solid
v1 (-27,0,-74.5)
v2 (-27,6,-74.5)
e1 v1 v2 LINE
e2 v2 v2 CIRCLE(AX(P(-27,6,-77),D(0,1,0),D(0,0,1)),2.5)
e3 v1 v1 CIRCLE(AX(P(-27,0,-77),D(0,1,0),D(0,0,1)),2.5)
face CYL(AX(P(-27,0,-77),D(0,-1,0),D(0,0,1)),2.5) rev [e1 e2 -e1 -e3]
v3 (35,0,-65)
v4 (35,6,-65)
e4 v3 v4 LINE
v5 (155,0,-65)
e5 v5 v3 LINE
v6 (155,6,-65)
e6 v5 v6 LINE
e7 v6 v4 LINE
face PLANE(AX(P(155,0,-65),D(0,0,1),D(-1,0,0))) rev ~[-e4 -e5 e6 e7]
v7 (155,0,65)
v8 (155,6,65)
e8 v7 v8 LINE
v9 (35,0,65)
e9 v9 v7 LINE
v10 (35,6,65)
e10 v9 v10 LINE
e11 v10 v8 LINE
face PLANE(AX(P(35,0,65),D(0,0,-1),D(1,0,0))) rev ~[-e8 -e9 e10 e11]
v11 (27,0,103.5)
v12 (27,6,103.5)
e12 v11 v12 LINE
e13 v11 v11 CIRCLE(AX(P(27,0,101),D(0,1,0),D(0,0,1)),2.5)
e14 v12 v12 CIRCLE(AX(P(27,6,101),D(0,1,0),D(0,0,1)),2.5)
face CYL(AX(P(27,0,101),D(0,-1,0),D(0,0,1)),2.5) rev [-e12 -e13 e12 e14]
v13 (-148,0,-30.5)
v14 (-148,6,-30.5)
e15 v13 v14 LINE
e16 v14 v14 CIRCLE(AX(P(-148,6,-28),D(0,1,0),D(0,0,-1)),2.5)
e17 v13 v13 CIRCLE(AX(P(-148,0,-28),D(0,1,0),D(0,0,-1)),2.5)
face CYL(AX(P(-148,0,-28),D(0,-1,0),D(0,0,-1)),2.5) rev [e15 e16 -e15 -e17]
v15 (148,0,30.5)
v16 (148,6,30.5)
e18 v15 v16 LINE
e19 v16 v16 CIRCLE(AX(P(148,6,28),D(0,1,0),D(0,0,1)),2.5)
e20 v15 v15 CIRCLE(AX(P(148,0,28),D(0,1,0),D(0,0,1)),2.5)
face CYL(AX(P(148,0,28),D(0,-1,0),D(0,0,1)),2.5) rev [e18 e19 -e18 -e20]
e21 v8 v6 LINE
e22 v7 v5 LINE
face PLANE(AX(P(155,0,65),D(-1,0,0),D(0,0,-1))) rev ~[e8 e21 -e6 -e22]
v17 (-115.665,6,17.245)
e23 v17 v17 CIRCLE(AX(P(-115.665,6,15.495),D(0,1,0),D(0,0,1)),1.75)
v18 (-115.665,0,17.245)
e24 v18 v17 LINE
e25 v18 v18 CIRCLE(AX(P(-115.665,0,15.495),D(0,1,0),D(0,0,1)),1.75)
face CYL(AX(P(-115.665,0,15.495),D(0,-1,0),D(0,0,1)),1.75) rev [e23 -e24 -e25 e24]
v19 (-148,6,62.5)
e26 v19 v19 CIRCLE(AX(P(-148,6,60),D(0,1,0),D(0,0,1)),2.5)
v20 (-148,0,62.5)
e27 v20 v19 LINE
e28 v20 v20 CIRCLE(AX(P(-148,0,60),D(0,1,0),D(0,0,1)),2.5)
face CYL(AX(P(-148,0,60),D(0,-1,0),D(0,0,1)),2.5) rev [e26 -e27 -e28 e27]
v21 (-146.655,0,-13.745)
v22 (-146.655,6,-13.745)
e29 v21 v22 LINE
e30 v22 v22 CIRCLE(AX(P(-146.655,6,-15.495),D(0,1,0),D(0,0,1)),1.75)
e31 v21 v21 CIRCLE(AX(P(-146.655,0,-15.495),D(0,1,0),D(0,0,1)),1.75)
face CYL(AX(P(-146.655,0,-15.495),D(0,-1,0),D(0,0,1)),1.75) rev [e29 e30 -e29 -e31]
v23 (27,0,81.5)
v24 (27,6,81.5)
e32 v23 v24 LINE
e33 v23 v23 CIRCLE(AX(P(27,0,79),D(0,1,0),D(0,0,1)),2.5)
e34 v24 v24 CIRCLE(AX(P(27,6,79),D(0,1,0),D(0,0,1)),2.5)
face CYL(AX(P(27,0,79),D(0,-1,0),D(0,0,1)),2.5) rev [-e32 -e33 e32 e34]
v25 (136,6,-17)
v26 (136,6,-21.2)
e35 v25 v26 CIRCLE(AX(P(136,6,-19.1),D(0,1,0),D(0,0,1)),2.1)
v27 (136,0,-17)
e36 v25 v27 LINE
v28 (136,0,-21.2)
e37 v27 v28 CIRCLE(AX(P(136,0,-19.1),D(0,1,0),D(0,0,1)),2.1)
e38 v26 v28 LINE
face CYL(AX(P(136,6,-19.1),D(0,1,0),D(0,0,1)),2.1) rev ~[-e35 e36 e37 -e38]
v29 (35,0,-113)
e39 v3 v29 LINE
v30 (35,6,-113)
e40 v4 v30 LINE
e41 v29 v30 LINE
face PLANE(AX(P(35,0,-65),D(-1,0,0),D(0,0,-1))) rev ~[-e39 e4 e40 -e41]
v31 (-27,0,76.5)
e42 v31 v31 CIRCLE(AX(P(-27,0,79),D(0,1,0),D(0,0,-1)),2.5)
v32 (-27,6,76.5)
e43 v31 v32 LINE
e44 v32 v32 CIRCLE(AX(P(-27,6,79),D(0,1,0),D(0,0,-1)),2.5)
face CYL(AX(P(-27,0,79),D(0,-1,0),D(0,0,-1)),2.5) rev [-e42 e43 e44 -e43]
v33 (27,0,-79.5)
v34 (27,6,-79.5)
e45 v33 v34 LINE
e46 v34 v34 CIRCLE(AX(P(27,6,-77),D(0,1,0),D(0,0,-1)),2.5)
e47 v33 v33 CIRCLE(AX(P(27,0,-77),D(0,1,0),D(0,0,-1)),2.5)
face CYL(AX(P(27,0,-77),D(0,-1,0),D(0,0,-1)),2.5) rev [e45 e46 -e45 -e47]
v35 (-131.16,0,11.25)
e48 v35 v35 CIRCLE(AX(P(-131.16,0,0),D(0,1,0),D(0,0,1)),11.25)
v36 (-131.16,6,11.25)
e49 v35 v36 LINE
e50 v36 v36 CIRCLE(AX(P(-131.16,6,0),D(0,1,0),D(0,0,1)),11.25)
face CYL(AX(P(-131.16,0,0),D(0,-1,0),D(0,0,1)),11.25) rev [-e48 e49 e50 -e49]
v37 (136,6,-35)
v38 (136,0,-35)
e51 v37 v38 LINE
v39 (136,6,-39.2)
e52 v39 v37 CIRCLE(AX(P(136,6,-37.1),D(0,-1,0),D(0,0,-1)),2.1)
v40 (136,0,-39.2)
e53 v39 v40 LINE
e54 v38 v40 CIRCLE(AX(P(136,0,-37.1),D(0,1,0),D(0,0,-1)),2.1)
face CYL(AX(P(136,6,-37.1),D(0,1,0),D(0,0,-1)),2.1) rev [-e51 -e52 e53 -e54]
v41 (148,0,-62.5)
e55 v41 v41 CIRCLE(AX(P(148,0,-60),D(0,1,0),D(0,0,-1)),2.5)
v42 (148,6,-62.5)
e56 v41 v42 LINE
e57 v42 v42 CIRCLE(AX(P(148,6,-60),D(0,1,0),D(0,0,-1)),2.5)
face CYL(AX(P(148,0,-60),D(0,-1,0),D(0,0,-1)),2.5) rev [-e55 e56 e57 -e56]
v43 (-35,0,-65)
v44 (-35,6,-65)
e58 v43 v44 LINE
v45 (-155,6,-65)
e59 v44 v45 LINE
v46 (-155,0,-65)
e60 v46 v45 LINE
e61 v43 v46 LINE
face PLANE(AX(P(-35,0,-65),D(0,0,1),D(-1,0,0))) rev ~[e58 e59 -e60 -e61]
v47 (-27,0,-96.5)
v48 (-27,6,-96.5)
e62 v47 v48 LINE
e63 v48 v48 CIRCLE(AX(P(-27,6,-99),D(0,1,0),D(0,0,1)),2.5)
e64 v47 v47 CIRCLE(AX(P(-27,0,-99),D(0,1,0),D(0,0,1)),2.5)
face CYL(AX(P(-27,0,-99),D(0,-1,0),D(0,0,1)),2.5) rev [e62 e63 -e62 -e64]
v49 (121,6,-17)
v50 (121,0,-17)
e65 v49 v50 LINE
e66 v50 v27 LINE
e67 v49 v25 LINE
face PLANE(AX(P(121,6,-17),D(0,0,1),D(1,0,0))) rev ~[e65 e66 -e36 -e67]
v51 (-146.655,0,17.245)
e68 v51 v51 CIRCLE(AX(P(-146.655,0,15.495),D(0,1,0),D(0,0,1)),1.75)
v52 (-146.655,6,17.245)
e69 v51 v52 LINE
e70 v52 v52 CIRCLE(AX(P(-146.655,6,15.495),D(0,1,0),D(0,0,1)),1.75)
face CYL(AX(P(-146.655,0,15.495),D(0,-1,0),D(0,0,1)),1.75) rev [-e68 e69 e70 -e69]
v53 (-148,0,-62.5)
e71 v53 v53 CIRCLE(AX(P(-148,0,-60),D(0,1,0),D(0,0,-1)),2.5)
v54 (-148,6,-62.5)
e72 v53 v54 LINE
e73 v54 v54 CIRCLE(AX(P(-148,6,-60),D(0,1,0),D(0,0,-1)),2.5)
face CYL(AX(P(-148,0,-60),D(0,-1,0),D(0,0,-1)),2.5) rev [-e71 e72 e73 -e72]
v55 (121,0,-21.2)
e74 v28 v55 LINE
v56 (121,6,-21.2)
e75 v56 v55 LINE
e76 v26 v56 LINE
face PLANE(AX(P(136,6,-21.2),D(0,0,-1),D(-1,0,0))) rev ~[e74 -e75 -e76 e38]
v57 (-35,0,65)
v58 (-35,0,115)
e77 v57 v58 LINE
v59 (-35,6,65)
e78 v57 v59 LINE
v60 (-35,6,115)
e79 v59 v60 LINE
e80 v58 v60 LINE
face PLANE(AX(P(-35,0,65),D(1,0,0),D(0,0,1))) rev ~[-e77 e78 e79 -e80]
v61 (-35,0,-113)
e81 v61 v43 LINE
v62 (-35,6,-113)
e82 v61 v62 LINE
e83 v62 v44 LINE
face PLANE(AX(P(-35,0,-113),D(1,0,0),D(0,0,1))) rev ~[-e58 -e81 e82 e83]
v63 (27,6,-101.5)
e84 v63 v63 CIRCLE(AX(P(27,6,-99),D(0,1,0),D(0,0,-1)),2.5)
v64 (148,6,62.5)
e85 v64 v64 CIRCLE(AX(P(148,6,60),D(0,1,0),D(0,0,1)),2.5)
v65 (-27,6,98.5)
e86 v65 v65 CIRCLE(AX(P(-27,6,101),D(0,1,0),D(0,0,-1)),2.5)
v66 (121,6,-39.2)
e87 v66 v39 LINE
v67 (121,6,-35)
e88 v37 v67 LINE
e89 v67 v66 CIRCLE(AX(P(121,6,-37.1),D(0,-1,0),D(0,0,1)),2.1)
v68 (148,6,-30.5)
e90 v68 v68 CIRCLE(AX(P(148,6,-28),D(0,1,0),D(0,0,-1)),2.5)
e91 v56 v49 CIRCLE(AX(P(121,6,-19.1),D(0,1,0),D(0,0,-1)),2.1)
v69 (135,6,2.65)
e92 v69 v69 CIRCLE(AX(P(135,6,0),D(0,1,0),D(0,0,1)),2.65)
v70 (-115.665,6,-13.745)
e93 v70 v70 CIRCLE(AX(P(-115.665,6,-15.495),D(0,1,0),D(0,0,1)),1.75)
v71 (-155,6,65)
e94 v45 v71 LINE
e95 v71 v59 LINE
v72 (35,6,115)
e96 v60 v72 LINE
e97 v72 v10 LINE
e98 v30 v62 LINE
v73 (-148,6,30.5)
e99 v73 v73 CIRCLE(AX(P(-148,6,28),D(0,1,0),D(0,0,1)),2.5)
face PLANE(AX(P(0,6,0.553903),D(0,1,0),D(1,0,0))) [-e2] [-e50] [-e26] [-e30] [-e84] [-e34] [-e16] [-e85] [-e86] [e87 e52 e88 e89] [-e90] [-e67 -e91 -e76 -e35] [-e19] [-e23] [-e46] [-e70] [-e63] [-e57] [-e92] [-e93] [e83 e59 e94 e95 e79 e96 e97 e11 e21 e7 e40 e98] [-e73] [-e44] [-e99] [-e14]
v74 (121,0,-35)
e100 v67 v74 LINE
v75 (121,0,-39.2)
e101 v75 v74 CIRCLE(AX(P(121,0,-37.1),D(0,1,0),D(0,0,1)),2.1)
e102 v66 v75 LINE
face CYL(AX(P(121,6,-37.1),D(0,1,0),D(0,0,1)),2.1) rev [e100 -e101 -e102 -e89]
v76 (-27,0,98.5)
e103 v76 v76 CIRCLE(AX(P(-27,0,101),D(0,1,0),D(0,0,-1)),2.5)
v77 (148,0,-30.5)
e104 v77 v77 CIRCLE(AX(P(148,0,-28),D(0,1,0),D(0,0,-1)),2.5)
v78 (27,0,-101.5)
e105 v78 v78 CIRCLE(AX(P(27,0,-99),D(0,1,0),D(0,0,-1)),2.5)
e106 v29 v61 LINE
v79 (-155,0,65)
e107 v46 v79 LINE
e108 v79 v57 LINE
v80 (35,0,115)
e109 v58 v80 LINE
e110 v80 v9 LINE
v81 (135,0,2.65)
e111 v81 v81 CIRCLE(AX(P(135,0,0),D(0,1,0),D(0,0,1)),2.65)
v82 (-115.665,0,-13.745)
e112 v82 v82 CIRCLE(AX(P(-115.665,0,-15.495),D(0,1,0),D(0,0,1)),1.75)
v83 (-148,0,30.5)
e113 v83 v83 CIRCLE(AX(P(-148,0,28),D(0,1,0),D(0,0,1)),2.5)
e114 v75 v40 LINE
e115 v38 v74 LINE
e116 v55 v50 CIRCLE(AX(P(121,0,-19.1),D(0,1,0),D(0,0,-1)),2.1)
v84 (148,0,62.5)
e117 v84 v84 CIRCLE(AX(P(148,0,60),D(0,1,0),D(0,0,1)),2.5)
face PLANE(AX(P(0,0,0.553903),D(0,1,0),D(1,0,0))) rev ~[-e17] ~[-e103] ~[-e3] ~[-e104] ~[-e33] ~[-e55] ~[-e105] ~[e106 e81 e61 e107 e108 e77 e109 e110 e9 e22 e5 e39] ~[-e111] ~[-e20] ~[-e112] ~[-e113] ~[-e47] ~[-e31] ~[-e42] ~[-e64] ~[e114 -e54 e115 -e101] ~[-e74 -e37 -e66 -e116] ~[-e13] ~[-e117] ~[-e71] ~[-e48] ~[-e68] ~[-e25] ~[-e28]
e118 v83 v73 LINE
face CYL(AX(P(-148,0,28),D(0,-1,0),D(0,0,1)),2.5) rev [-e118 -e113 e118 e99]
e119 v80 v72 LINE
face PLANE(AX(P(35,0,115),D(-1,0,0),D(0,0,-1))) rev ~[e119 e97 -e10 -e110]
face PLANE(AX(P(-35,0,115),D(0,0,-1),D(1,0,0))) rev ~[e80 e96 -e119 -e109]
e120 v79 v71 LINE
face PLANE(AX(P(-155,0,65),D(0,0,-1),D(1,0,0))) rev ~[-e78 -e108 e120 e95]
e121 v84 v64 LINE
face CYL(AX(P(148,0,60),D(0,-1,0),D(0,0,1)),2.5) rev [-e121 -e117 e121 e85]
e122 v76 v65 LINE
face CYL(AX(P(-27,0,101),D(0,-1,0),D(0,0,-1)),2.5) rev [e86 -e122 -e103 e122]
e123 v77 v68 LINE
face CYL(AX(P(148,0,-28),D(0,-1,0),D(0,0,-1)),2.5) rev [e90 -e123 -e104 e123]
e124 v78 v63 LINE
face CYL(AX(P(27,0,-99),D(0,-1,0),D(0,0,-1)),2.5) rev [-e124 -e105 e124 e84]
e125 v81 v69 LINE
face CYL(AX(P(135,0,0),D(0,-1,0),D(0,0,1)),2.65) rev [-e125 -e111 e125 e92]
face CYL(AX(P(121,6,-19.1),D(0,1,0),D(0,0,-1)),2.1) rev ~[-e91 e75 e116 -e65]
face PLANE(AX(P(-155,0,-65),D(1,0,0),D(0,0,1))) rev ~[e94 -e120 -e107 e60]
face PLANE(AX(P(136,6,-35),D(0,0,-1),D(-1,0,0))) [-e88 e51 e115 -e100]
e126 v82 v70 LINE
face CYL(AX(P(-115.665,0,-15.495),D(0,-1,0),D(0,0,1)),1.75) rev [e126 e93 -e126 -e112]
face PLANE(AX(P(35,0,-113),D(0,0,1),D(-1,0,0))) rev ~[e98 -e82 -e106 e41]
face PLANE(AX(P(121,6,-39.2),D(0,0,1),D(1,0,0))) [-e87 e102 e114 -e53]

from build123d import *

# Parameters (mm, degrees)
CROQUIS1_R              = 1.75
CROQUIS1_R_2            = 11.25
CROQUIS1_R_3            = 2.65
CROQUIS1_R_4            = 2.5
SALIENTE_EXTRUIR1_DEPTH = 6
CORTAR_EXTRUIR1_DEPTH   = 194.095831131


with BuildPart() as part:
    # Croquis1 → Saliente-Extruir1 (new body)
    with BuildSketch(Plane(origin=(0, 0, 0), x_dir=(1, 0, 0), z_dir=(0, 1, 0))):
        Polygon((-155, -65), (-43.397871348, -65), (-35, -65), (-35, -71), (-35, -109), (-35, -115), (-29, -115), (29, -115), (35, -115), (35, -109), (35, -71), (35, -65), (51, -65), (155, -65), (155, 65), (51, 65), (35, 65), (35, 71), (35, 107), (35, 113), (29, 113), (-29, 113), (-35, 113), (-35, 107), (-35, 71), (-35, 65), (-43.397871348, 65), (-155, 65), align=None)
        with Locations(Location((-146.655, 15.495, 0), (0, 0, 270))):
            Circle(CROQUIS1_R, mode=Mode.SUBTRACT)
        with Locations(Location((-115.665, 15.495, 0), (0, 0, 270))):
            Circle(CROQUIS1_R, mode=Mode.SUBTRACT)
        with Locations(Location((-115.665, -15.495, 0), (0, 0, 270))):
            Circle(CROQUIS1_R, mode=Mode.SUBTRACT)
        with Locations(Location((-146.655, -15.495, 0), (0, 0, 270))):
            Circle(CROQUIS1_R, mode=Mode.SUBTRACT)
        with Locations(Location((-131.16, 0, 0), (0, 0, 270))):
            Circle(CROQUIS1_R_2, mode=Mode.SUBTRACT)
        with Locations(Location((135, 0, 0), (0, 0, 270))):
            Circle(CROQUIS1_R_3, mode=Mode.SUBTRACT)
        with Locations(Location((-148, -60, 0), (0, 0, 270))):
            Circle(CROQUIS1_R_4, mode=Mode.SUBTRACT)
        with Locations(Location((-148, -28, 0), (0, 0, 270))):
            Circle(CROQUIS1_R_4, mode=Mode.SUBTRACT)
        with Locations(Location((148, -60, 0), (0, 0, 270))):
            Circle(CROQUIS1_R_4, mode=Mode.SUBTRACT)
        with Locations(Location((148, -28, 0), (0, 0, 270))):
            Circle(CROQUIS1_R_4, mode=Mode.SUBTRACT)
        with Locations(Location((148, 60, 0), (0, 0, 90))):
            Circle(CROQUIS1_R_4, mode=Mode.SUBTRACT)
        with Locations(Location((148, 28, 0), (0, 0, 90))):
            Circle(CROQUIS1_R_4, mode=Mode.SUBTRACT)
        with Locations(Location((-148, 60, 0), (0, 0, 90))):
            Circle(CROQUIS1_R_4, mode=Mode.SUBTRACT)
        with Locations(Location((-148, 28, 0), (0, 0, 90))):
            Circle(CROQUIS1_R_4, mode=Mode.SUBTRACT)
        with Locations(Location((-27, 99, 0), (0, 0, 270))):
            Circle(CROQUIS1_R_4, mode=Mode.SUBTRACT)
        with Locations(Location((-27, 77, 0), (0, 0, 270))):
            Circle(CROQUIS1_R_4, mode=Mode.SUBTRACT)
        with Locations(Location((27, 77, 0), (0, 0, 90))):
            Circle(CROQUIS1_R_4, mode=Mode.SUBTRACT)
        with Locations(Location((27, 99, 0), (0, 0, 90))):
            Circle(CROQUIS1_R_4, mode=Mode.SUBTRACT)
        with Locations(Location((27, -101, 0), (0, 0, 270))):
            Circle(CROQUIS1_R_4, mode=Mode.SUBTRACT)
        with Locations(Location((27, -79, 0), (0, 0, 270))):
            Circle(CROQUIS1_R_4, mode=Mode.SUBTRACT)
        with Locations(Location((-27, -101, 0), (0, 0, 90))):
            Circle(CROQUIS1_R_4, mode=Mode.SUBTRACT)
        with Locations(Location((-27, -79, 0), (0, 0, 90))):
            Circle(CROQUIS1_R_4, mode=Mode.SUBTRACT)
    extrude(amount=SALIENTE_EXTRUIR1_DEPTH)

    # Croquis3 → Cortar-Extruir1 (cut, through all)
    with BuildSketch(Plane(origin=(0, 6, 0), x_dir=(1, 0, 0), z_dir=(0, 1, 0))):
        with BuildLine():
            Line((136, 35), (121, 35))
            ThreePointArc((121, 35), (118.9, 37.1), (121, 39.2))
            Line((121, 39.2), (136, 39.2))
            ThreePointArc((136, 39.2), (138.1, 37.1), (136, 35))
        make_face()
        with BuildLine():
            Line((136, 21.2), (121, 21.2))
            ThreePointArc((121, 21.2), (118.9, 19.1), (121, 17))
            Line((121, 17), (136, 17))
            ThreePointArc((136, 17), (138.1, 19.1), (136, 21.2))
        make_face()
    extrude(amount=-CORTAR_EXTRUIR1_DEPTH, mode=Mode.SUBTRACT)


solid = part.part
